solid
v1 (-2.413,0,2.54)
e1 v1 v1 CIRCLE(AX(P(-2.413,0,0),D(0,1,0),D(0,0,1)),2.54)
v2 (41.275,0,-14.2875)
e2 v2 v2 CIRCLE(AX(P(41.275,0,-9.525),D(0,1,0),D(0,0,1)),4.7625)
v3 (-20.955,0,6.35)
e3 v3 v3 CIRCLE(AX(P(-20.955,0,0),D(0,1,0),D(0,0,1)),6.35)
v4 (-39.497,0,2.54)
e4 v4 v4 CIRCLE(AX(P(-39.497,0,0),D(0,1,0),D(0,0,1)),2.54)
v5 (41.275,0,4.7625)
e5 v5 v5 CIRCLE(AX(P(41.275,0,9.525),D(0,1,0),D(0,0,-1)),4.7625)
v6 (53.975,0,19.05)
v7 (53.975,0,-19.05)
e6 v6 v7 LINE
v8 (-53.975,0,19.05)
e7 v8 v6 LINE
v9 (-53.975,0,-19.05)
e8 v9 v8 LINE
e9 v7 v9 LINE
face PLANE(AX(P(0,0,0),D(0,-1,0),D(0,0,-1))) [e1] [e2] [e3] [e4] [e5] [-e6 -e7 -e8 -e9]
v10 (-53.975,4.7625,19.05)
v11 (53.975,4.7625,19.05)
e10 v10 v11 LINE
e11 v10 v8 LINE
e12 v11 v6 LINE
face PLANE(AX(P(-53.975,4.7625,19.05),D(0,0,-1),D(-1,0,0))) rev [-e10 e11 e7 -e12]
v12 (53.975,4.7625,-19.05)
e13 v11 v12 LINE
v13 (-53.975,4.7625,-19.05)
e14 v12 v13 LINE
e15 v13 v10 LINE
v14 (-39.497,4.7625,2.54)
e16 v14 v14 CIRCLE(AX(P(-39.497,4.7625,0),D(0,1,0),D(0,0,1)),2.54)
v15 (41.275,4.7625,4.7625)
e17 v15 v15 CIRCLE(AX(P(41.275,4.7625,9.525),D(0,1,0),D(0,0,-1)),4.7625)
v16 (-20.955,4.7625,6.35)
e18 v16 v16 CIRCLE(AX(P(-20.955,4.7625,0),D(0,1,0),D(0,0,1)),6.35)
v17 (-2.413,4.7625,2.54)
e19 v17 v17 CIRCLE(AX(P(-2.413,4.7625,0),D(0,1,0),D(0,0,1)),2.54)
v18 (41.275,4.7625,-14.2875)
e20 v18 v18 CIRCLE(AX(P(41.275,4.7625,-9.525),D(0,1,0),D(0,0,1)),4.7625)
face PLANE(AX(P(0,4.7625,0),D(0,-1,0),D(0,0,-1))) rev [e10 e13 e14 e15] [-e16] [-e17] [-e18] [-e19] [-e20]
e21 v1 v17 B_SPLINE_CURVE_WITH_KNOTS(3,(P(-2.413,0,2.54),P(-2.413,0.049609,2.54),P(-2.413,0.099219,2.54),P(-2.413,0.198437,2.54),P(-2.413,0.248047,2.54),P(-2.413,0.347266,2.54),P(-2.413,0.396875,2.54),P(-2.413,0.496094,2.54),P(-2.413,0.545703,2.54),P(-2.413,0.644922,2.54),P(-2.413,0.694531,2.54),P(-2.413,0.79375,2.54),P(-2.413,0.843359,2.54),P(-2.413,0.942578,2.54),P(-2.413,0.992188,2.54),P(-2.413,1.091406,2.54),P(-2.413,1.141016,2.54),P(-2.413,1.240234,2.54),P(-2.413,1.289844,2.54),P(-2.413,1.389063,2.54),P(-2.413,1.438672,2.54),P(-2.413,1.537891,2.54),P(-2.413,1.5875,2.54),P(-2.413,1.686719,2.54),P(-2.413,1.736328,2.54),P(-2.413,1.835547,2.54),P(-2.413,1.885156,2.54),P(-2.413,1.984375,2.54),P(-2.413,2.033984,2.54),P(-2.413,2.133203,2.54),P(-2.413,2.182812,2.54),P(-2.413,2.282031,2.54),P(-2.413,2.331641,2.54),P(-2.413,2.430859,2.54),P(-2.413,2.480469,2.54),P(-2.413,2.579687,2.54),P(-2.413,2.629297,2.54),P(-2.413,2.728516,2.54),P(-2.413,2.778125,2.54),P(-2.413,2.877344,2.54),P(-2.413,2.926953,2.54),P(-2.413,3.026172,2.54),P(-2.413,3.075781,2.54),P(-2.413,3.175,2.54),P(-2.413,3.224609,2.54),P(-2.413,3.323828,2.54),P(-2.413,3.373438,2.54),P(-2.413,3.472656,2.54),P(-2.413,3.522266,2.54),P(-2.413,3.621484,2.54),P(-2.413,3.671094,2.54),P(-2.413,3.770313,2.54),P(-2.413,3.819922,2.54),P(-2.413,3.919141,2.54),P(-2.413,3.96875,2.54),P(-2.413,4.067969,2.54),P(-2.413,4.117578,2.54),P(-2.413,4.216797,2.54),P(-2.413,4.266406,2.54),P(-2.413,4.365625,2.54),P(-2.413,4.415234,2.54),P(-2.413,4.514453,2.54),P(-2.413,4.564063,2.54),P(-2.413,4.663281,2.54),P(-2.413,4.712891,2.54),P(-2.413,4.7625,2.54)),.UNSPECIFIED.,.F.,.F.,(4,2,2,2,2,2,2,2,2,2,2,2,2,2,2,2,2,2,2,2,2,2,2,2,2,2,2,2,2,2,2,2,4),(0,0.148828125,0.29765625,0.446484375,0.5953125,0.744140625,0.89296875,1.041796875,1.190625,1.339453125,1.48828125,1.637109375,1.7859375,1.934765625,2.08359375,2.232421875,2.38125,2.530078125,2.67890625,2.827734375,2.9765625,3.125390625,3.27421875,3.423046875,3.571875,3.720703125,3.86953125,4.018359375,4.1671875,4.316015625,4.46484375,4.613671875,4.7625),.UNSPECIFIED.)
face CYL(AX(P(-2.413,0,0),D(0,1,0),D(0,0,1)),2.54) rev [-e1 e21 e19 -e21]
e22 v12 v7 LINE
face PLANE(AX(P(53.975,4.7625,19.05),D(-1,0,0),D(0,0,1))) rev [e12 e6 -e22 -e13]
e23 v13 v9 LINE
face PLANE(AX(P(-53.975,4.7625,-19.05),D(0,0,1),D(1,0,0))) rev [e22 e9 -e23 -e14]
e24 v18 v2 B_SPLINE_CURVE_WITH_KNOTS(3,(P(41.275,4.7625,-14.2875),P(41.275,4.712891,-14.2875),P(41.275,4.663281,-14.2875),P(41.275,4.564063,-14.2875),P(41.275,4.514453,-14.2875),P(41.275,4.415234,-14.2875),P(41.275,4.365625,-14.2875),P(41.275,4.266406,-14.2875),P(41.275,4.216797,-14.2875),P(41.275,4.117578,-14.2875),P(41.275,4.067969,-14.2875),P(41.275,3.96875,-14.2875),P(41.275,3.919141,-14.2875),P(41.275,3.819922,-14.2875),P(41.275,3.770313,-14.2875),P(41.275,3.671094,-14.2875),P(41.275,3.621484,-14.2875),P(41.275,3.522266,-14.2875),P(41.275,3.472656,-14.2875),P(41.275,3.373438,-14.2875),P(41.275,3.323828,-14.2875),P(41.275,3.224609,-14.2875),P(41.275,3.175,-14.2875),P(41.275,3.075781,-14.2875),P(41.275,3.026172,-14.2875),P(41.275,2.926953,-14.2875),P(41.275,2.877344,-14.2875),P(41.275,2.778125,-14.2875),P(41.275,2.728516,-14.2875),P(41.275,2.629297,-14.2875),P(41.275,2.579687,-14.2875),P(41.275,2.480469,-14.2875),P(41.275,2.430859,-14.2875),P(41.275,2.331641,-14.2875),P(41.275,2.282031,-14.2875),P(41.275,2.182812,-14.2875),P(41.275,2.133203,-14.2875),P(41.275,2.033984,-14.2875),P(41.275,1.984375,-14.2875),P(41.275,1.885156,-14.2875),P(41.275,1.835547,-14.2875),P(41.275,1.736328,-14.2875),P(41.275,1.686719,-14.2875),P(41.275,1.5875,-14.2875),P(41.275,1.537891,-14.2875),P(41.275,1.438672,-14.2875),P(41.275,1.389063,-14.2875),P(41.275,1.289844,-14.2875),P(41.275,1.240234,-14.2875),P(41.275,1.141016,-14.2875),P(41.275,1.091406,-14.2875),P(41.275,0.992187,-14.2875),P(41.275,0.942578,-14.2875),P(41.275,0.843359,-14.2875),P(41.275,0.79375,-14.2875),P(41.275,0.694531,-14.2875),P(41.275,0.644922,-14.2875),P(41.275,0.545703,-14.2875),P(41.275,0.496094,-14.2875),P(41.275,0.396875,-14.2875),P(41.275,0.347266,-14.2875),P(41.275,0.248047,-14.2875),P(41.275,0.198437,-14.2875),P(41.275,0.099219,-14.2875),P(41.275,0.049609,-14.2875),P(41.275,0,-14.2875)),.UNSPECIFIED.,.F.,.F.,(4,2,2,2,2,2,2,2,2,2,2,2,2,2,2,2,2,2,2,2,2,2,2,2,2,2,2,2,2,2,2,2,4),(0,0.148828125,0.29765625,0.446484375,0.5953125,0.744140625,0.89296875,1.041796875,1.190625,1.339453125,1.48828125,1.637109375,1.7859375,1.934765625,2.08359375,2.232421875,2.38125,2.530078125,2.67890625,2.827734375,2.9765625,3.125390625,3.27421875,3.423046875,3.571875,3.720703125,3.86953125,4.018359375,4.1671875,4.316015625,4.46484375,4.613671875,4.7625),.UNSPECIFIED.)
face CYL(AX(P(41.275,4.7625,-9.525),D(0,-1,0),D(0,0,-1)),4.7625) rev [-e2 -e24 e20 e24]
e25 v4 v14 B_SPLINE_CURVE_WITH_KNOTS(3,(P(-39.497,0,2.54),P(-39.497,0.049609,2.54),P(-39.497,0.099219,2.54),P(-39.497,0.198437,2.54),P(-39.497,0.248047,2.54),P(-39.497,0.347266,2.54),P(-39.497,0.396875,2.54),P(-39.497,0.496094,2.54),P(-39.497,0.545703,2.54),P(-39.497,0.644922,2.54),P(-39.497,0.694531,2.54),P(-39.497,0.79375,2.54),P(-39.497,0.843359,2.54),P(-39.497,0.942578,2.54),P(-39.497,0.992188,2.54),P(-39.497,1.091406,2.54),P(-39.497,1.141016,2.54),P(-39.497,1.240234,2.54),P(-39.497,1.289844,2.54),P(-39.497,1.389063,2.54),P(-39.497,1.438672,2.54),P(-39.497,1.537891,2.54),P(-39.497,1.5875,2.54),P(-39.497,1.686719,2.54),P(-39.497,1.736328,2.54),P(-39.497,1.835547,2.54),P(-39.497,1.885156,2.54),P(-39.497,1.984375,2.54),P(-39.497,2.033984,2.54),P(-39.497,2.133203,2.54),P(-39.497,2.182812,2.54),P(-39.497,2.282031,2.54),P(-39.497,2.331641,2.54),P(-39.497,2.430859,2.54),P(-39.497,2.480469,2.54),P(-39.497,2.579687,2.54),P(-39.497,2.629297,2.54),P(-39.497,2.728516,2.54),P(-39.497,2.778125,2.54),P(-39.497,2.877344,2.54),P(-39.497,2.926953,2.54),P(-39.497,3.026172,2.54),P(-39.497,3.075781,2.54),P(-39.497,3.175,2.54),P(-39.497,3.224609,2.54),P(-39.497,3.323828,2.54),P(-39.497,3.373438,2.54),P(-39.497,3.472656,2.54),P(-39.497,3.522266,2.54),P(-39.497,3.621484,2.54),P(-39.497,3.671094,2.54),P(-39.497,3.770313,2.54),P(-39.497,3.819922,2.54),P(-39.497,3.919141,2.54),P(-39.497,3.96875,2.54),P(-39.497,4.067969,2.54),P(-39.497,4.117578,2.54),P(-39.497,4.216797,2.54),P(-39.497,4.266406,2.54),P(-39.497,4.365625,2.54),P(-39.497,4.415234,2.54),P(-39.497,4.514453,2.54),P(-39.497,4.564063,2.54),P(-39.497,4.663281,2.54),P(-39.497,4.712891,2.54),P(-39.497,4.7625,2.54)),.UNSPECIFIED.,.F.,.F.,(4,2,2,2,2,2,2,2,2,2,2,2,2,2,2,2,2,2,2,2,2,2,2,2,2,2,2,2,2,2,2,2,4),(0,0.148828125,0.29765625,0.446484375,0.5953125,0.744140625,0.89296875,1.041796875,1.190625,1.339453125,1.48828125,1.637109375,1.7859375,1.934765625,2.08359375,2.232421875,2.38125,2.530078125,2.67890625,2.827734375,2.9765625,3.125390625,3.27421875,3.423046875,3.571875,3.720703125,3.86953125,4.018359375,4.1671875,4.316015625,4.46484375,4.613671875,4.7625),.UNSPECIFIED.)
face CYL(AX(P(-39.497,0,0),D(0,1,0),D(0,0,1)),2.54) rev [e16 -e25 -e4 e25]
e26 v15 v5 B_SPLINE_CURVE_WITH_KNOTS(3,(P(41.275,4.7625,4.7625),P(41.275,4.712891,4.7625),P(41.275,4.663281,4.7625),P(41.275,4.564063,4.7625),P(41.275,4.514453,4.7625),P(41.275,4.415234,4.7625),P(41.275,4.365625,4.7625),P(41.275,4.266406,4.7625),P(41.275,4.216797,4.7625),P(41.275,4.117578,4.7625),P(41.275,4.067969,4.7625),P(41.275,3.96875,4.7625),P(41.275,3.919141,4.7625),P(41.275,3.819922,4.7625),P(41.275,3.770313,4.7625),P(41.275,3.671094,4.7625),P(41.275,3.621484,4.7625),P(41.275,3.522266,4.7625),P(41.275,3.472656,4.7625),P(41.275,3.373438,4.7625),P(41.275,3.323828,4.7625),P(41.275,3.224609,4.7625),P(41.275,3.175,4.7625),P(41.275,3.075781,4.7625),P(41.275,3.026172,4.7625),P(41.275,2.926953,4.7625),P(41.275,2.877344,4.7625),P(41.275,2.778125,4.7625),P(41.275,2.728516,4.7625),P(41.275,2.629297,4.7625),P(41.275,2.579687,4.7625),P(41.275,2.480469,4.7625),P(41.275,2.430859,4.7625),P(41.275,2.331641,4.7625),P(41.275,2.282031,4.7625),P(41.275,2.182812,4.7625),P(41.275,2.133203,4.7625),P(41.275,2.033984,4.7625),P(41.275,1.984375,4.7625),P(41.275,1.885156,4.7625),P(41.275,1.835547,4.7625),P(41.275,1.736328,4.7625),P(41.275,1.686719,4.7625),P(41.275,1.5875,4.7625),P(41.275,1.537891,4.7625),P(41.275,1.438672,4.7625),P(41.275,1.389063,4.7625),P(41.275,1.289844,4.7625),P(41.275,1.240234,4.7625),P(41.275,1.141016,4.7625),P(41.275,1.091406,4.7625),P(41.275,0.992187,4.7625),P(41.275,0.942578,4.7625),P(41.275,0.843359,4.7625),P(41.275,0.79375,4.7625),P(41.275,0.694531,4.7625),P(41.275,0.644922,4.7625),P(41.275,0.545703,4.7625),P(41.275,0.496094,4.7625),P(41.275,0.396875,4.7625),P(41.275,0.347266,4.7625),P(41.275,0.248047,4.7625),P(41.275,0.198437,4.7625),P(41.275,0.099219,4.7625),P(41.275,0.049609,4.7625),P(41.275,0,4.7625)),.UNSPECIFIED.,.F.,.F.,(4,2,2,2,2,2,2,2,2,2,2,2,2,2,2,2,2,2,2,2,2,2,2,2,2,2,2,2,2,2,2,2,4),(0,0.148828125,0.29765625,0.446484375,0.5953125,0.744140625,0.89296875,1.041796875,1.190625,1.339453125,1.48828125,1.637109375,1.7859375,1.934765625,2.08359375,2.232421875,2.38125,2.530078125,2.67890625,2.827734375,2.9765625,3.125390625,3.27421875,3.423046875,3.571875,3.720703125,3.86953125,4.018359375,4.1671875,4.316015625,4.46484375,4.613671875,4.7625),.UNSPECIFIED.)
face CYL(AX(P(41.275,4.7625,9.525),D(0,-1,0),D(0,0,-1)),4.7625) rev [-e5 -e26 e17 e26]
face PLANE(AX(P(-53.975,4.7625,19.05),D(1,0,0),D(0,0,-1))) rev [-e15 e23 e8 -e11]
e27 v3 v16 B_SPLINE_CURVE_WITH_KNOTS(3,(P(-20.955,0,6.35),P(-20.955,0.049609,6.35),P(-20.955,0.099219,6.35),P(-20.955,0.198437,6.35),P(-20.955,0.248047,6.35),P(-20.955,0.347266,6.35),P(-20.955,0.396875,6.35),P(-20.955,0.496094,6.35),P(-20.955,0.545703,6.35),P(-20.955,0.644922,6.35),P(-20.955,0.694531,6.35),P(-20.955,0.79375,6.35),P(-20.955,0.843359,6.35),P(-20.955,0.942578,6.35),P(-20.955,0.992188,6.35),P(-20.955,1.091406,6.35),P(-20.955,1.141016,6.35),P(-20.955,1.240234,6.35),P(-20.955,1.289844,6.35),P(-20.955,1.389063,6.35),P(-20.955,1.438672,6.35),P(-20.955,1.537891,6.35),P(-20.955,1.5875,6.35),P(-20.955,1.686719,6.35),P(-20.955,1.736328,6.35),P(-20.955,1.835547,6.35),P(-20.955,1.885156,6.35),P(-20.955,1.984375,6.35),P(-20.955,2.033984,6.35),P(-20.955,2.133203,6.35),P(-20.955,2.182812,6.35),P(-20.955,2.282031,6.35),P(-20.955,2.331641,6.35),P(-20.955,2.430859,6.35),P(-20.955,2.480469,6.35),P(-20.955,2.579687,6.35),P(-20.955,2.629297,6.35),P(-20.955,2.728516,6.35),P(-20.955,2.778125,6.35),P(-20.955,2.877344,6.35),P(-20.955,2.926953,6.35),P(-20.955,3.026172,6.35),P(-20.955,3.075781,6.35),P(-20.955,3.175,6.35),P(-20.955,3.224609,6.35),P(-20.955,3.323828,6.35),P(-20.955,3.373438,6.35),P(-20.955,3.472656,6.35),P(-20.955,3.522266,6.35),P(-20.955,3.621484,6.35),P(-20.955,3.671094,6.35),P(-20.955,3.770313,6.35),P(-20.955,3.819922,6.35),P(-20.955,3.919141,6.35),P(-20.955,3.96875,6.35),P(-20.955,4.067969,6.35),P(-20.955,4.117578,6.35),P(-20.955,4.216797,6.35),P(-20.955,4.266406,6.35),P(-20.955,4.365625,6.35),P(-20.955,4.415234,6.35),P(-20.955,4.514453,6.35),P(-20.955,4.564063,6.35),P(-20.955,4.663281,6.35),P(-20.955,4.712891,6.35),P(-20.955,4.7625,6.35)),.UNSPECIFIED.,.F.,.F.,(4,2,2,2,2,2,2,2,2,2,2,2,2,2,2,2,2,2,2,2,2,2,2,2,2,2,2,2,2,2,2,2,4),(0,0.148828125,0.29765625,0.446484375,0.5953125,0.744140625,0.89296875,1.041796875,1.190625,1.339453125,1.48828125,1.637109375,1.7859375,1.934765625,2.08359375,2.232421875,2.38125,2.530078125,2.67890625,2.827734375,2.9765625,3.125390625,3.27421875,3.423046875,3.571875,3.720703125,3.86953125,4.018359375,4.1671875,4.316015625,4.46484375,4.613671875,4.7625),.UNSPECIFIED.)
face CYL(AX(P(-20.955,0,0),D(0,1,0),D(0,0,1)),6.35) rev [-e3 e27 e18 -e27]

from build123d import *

# Parameters (mm, degrees)
SKETCH2_W           = 107.95
SKETCH2_H           = 38.1
SKETCH2_R           = 4.7625
BOSS_EXTRUDE1_DEPTH = 4.7625
SKETCH3_R           = 2.54
SKETCH3_R_2         = 6.35
CUT_EXTRUDE1_DEPTH  = 58.435916736


with BuildPart() as part:
    # Sketch2 → Boss-Extrude1 (new body)
    with BuildSketch(Plane(origin=(0, 0, 0), x_dir=(1, 0, 0), z_dir=(0, 1, 0))):
        Rectangle(SKETCH2_W, SKETCH2_H)
        with Locations(Location((41.275, 9.525, 0), (0, 0, 90))):
            Circle(SKETCH2_R, mode=Mode.SUBTRACT)
        with Locations(Location((41.275, -9.525, 0), (0, 0, 90))):
            Circle(SKETCH2_R, mode=Mode.SUBTRACT)
    extrude(amount=BOSS_EXTRUDE1_DEPTH)

    # Sketch3 → Cut-Extrude1 (cut, through all)
    with BuildSketch(Plane(origin=(0, 4.7625, 0), x_dir=(1, 0, 0), z_dir=(0, 1, 0))):
        with Locations(Location((-39.497, 0, 0), (0, 0, 270))):
            Circle(SKETCH3_R)
        with Locations(Location((-2.413, 0, 0), (0, 0, 270))):
            Circle(SKETCH3_R)
        with Locations(Location((-20.955, 0, 0), (0, 0, 270))):
            Circle(SKETCH3_R_2)
    extrude(amount=-CUT_EXTRUDE1_DEPTH, mode=Mode.SUBTRACT)


solid = part.part
